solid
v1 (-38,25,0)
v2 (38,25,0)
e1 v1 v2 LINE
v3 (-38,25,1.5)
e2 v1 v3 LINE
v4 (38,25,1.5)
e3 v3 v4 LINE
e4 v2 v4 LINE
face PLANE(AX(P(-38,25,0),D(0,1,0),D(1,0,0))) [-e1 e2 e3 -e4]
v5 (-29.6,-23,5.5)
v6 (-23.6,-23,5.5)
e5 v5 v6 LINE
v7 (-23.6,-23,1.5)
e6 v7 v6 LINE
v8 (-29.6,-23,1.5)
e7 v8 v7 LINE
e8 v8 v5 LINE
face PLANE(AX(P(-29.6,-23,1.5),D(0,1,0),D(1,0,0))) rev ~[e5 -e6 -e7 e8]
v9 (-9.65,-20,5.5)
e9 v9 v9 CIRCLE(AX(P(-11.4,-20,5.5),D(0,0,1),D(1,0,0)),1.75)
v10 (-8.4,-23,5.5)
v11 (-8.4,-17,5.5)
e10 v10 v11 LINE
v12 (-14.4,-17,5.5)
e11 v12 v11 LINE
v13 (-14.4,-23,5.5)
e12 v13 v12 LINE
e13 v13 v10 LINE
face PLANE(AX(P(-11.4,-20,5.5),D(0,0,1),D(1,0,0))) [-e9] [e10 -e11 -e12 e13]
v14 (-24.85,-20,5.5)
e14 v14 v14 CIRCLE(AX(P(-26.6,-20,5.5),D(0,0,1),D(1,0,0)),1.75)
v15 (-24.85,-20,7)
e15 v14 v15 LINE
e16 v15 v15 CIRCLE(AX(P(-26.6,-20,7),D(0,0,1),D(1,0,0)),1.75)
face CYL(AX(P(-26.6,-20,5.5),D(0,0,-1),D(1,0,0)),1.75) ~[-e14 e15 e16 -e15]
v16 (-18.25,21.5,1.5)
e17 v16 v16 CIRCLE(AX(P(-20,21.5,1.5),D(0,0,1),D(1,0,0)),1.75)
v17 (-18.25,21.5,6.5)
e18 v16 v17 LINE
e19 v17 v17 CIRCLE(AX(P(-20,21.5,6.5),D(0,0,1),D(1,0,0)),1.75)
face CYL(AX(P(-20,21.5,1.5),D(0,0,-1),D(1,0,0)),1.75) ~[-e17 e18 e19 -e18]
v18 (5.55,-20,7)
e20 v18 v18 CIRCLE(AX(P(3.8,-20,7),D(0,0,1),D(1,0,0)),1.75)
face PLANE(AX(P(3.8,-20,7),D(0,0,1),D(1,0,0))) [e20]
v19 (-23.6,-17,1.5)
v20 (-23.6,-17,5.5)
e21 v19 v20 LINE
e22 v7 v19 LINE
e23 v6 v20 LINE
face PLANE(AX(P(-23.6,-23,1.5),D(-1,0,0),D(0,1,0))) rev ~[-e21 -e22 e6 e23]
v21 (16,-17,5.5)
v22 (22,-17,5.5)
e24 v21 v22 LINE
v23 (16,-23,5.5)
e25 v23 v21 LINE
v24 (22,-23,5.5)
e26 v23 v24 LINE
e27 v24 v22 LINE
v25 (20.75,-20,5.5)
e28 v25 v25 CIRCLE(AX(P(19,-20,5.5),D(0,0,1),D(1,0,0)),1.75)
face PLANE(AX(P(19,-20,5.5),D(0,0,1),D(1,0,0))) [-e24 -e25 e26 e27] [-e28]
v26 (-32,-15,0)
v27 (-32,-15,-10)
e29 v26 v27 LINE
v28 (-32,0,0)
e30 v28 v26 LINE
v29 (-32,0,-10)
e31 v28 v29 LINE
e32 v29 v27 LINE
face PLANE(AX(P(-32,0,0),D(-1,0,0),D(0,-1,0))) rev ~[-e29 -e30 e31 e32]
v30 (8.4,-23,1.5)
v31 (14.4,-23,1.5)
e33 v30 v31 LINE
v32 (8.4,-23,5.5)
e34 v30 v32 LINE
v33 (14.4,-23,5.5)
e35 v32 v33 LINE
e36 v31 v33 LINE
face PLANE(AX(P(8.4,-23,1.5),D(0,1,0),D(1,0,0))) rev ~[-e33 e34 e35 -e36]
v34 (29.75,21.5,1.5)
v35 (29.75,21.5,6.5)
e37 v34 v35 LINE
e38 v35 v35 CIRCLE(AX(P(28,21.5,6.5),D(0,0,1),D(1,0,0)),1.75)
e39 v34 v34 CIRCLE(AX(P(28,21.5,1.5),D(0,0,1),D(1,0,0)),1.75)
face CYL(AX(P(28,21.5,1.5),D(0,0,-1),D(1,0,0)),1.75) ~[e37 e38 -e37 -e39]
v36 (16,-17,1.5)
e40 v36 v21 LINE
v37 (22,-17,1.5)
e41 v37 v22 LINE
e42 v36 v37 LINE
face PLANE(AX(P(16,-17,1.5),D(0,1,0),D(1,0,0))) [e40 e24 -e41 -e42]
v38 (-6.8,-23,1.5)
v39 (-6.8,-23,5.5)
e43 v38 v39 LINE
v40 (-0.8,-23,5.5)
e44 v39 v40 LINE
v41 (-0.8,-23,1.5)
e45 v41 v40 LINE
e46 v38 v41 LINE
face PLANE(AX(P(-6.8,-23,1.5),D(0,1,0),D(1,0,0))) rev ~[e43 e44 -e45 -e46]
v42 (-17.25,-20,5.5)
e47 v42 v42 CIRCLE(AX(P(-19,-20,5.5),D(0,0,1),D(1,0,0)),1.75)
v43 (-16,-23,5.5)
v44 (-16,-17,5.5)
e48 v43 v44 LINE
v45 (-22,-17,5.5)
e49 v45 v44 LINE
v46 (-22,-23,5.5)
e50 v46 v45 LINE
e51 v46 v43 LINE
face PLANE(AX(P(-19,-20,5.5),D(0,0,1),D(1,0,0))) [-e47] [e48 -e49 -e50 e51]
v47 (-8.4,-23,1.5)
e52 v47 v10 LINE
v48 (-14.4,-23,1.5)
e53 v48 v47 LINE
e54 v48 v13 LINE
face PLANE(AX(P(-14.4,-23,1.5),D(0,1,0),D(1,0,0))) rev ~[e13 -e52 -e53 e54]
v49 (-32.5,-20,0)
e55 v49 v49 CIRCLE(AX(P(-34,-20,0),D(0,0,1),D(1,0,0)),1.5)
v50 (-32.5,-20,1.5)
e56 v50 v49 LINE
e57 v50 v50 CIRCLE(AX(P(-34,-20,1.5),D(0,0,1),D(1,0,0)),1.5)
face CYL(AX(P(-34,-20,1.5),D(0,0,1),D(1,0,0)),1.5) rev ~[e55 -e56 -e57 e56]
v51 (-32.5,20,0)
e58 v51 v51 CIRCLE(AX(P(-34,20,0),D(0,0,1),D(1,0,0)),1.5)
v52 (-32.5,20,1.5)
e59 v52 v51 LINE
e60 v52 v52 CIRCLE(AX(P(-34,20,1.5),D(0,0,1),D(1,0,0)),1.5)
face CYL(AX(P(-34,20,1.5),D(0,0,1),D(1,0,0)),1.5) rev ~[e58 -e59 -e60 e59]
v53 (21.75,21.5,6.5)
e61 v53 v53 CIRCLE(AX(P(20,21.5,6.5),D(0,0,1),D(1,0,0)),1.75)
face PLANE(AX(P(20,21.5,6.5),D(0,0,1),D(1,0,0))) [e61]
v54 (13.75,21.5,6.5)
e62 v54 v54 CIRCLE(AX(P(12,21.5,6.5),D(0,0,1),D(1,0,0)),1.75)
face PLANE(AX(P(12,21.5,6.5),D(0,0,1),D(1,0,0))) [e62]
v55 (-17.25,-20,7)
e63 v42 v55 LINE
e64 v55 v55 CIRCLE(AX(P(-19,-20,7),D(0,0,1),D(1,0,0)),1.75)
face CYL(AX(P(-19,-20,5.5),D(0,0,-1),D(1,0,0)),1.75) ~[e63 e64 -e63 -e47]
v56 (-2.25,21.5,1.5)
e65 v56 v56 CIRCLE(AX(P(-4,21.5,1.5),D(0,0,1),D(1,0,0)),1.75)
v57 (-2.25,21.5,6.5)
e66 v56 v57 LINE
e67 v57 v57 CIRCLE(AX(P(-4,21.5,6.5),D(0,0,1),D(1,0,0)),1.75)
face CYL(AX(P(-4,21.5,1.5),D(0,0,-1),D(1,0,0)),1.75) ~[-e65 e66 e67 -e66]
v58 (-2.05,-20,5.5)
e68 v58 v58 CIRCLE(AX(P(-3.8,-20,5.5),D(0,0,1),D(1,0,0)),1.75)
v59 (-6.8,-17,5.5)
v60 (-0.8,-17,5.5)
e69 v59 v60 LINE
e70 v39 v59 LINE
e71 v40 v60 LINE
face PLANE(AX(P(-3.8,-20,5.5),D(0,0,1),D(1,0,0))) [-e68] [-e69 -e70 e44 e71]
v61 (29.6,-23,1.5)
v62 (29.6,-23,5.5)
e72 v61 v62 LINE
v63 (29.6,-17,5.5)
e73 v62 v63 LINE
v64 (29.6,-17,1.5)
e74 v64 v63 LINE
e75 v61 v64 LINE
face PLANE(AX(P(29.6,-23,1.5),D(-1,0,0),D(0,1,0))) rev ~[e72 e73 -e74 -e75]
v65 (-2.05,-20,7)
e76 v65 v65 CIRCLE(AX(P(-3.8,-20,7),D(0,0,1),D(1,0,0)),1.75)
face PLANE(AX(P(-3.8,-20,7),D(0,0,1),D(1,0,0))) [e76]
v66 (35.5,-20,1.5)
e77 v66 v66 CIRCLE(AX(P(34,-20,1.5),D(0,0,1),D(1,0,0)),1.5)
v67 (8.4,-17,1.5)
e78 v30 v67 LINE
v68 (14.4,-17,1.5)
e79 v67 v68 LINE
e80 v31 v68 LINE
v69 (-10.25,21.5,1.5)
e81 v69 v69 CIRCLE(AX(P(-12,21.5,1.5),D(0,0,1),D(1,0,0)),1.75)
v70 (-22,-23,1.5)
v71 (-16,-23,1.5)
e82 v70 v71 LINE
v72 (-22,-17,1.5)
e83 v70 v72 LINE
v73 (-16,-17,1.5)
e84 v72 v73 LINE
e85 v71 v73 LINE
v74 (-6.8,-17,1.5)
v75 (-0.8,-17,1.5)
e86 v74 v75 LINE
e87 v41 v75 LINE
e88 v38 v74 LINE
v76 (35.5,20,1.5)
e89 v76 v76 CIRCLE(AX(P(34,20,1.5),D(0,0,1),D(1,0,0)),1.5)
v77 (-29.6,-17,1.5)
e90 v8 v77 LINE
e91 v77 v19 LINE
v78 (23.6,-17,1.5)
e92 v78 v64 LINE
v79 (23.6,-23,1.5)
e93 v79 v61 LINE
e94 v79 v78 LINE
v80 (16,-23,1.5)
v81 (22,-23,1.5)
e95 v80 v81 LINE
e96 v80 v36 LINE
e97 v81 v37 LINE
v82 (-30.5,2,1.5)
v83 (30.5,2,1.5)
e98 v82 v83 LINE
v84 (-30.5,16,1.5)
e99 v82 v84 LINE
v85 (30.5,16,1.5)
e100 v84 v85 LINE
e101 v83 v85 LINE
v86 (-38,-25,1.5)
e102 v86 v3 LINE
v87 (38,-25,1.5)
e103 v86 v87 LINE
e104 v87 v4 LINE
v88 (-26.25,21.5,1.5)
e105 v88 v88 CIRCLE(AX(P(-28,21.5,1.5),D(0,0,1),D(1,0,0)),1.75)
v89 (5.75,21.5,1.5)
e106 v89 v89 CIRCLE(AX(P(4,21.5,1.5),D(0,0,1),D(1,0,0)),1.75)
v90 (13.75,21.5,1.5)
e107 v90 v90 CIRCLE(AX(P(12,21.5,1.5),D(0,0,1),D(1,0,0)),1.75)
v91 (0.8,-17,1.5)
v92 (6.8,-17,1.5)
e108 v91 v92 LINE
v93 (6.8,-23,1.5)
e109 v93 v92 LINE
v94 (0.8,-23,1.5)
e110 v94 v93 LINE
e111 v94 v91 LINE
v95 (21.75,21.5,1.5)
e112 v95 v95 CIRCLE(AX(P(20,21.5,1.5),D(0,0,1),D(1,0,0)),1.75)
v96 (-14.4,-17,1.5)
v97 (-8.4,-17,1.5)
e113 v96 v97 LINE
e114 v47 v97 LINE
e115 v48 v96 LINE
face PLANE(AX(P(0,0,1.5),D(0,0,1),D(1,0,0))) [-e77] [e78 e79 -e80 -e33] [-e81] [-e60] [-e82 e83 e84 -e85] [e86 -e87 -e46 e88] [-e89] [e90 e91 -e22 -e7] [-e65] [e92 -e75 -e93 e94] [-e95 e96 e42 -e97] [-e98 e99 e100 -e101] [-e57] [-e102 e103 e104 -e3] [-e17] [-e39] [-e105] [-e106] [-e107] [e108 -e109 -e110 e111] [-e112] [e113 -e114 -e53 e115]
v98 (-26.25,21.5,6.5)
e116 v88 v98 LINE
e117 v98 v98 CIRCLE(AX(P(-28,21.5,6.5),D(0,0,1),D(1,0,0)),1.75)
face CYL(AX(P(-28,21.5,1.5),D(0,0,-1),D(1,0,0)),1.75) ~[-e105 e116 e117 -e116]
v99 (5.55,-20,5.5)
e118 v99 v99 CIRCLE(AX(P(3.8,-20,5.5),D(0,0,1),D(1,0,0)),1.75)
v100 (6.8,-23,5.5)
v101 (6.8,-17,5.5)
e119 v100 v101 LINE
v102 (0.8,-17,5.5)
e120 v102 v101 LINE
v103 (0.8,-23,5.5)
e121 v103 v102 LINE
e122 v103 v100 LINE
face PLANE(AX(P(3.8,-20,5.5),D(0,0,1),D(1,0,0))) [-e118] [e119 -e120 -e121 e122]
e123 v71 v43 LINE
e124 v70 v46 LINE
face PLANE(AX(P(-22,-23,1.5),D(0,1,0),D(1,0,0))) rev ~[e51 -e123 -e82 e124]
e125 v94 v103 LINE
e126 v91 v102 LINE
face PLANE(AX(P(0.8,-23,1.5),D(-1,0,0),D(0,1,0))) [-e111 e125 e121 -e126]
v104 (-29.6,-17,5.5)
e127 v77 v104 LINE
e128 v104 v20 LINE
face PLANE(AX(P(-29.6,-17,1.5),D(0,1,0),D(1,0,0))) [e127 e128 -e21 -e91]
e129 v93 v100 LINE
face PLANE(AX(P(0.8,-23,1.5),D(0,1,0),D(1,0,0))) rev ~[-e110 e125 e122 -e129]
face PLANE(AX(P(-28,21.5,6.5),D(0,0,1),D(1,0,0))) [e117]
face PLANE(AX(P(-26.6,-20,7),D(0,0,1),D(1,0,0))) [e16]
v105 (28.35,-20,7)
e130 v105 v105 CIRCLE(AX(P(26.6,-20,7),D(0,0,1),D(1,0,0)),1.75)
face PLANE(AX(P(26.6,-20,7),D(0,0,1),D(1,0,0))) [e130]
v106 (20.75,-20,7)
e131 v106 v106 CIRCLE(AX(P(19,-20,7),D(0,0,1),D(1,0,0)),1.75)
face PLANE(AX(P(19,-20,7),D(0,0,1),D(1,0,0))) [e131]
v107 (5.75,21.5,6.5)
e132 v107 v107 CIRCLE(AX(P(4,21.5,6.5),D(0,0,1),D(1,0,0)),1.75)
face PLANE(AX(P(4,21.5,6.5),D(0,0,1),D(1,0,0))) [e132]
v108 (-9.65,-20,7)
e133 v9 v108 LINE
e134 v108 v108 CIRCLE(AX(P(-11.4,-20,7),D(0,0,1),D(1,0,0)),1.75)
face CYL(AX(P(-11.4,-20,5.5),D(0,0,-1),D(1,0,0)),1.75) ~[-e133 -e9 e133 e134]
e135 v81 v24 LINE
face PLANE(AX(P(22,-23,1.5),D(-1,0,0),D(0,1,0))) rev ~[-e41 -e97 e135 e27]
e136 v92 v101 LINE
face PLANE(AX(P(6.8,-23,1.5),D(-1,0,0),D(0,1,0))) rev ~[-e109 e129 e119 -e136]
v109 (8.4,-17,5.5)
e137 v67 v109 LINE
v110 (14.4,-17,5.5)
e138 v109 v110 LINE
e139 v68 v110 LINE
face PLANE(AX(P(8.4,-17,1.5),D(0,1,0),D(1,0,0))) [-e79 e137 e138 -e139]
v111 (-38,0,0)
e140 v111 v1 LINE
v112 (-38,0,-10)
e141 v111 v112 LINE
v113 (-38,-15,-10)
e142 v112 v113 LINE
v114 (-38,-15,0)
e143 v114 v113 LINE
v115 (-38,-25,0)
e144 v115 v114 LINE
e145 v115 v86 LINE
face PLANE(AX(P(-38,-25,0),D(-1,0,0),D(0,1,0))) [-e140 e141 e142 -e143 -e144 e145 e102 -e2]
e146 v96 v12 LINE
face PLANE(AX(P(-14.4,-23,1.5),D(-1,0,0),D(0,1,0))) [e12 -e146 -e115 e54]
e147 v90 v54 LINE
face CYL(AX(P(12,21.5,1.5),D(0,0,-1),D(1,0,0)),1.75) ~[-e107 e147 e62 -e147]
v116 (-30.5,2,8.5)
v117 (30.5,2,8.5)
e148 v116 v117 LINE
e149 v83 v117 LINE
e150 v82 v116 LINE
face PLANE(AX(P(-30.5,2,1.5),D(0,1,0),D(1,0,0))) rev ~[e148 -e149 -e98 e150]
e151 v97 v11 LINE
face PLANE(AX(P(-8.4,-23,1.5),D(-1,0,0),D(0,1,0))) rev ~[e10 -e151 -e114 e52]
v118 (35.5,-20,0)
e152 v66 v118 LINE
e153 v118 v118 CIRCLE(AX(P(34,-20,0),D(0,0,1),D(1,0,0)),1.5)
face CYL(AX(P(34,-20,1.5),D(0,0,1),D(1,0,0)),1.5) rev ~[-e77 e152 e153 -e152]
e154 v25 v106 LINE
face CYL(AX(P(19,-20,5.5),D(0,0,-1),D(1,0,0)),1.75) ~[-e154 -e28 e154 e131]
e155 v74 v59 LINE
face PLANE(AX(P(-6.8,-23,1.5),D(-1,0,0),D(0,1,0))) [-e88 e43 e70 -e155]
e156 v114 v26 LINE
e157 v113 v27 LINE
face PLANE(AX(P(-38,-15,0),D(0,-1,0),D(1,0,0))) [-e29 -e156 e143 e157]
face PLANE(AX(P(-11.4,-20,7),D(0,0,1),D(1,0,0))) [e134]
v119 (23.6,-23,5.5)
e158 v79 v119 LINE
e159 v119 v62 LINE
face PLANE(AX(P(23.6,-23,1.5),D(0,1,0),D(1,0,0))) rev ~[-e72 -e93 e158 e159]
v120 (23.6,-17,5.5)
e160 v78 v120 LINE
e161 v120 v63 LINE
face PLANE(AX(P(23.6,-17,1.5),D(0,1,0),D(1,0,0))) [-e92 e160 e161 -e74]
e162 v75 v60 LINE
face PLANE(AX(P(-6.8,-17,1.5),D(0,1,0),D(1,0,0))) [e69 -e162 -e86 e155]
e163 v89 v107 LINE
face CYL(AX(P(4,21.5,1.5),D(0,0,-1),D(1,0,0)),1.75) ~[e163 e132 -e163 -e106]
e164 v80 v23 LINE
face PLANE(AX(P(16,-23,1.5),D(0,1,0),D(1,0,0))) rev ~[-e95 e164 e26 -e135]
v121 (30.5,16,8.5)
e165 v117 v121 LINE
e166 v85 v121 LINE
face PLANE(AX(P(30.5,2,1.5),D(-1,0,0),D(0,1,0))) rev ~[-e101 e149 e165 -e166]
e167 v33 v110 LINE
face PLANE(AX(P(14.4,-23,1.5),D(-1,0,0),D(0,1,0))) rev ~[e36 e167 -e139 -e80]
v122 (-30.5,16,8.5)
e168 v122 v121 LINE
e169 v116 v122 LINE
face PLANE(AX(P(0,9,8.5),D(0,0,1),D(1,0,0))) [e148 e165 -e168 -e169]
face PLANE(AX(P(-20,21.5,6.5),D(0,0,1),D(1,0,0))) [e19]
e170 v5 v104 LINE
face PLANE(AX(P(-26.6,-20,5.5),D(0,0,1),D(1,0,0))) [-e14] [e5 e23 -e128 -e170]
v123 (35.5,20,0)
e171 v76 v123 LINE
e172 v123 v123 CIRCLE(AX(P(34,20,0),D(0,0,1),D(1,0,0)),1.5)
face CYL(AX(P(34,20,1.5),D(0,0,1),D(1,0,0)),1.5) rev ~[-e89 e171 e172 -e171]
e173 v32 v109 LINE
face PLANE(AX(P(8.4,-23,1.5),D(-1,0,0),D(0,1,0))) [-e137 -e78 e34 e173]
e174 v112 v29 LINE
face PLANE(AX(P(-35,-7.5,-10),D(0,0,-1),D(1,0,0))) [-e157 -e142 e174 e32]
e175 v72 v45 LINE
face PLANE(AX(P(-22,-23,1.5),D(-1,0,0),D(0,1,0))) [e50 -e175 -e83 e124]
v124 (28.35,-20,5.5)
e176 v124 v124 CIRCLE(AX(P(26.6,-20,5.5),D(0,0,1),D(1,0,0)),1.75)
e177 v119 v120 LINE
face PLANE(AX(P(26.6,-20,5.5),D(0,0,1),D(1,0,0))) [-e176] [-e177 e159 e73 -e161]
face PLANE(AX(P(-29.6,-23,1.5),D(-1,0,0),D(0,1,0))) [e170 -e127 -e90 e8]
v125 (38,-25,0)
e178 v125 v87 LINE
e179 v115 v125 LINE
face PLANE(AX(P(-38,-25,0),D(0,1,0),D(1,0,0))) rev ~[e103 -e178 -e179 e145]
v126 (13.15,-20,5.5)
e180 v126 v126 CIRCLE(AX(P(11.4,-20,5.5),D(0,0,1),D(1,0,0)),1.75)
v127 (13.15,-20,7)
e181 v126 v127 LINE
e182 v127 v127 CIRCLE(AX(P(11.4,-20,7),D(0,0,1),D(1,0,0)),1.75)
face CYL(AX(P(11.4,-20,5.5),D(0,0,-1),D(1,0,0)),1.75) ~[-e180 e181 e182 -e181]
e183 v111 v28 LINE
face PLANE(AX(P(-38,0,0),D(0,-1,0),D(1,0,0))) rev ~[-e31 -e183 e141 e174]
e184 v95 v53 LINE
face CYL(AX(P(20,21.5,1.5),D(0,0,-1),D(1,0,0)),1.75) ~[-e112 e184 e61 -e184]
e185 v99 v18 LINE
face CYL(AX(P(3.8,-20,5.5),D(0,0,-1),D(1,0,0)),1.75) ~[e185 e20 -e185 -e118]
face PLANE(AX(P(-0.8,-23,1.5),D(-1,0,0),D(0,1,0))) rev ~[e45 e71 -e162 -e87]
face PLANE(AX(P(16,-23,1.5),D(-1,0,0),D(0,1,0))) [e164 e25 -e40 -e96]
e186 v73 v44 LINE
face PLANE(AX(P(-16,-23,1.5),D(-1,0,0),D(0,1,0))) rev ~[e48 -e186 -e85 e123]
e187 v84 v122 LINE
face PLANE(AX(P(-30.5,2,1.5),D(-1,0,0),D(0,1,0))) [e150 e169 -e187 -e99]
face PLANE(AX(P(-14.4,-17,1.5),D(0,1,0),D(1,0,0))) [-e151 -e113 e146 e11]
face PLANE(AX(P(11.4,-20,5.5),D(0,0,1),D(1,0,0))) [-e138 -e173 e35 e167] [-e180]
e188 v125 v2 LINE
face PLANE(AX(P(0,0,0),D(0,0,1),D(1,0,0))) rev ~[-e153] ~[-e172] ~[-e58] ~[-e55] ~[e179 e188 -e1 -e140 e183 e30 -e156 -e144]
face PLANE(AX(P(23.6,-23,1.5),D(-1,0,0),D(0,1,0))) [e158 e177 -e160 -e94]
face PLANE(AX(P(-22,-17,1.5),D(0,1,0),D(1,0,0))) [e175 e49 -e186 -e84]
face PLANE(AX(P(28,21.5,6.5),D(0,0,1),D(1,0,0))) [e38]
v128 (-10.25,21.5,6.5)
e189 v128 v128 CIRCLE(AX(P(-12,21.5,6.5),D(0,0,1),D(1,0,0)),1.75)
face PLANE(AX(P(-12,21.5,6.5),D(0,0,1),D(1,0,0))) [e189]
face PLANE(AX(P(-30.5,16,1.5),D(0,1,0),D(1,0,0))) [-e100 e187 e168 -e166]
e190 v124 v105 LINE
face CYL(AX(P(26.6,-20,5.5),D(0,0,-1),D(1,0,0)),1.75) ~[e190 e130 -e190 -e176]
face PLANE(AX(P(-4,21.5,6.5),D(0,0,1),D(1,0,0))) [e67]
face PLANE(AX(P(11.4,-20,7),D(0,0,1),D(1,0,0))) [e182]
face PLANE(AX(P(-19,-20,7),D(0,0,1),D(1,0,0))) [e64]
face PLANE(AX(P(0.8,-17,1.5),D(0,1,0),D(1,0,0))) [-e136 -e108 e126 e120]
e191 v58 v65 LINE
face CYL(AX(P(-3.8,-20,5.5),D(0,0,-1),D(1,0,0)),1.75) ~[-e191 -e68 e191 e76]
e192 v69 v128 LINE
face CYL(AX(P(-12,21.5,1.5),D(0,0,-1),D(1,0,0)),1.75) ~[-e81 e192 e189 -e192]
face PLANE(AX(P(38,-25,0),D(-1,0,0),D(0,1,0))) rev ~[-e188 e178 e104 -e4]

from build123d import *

# Parameters (mm, degrees)
SKETCH_W     = 76
SKETCH_H     = 50
PAD_DEPTH    = 1.5
SKETCH001_R  = 1.5
POCKET_DEPTH = 1.501
SKETCH002_R  = 1.75
PAD001_DEPTH = 5
SKETCH003_W  = 61
SKETCH003_H  = 14
PAD002_DEPTH = 7
SKETCH004_W  = 6
SKETCH004_H  = 15
PAD003_DEPTH = 10
SKETCH005_W  = 6
SKETCH005_H  = 6
PAD004_DEPTH = 4
SKETCH006_R  = 1.75
PAD005_DEPTH = 1.5


with BuildPart() as part:
    # Sketch → Pad (new body)
    with BuildSketch(Plane.XY):
        Rectangle(SKETCH_W, SKETCH_H)
    extrude(amount=PAD_DEPTH)

    # Sketch001 (on Face6 of Pad) → Pocket (cut, through all)
    with BuildSketch(Plane.XY.offset(1.5)):
        with Locations((-34, 20)):
            Circle(SKETCH001_R)
        with Locations((34, 20)):
            Circle(SKETCH001_R)
        with Locations((-34, -20)):
            Circle(SKETCH001_R)
        with Locations((34, -20)):
            Circle(SKETCH001_R)
    extrude(amount=-POCKET_DEPTH, mode=Mode.SUBTRACT)

    # Sketch002 (on Face5 of Pocket) → Pad001 (join)
    with BuildSketch(Plane.XY.offset(1.5)):
        with Locations((-28, 21.5)):
            Circle(SKETCH002_R)
        with Locations((-20, 21.5)):
            Circle(SKETCH002_R)
        with Locations((-12, 21.5)):
            Circle(SKETCH002_R)
        with Locations((-4, 21.5)):
            Circle(SKETCH002_R)
        with Locations((4, 21.5)):
            Circle(SKETCH002_R)
        with Locations((12, 21.5)):
            Circle(SKETCH002_R)
        with Locations((20, 21.5)):
            Circle(SKETCH002_R)
        with Locations((28, 21.5)):
            Circle(SKETCH002_R)
    extrude(amount=PAD001_DEPTH)

    # Sketch003 (on Face5 of Pad001) → Pad002 (join)
    with BuildSketch(Plane.XY.offset(1.5)):
        with Locations((0, 9)):
            Rectangle(SKETCH003_W, SKETCH003_H)
    extrude(amount=PAD002_DEPTH)

    # Sketch004 (on Face4 of Pad002) → Pad003 (join)
    with BuildSketch(Plane(origin=(0, 0, 0), x_dir=(1, 0, 0), z_dir=(0, 0, -1))):
        with Locations((-35, 7.5)):
            Rectangle(SKETCH004_W, SKETCH004_H)
    extrude(amount=PAD003_DEPTH)

    # Sketch005 (on Face5 of Pad003) → Pad004 (join)
    with BuildSketch(Plane.XY.offset(1.5)):
        with Locations((-26.6, -20)):
            Rectangle(SKETCH005_W, SKETCH005_H)
        with Locations((-19, -20)):
            Rectangle(SKETCH005_W, SKETCH005_H)
        with Locations((-11.4, -20)):
            Rectangle(SKETCH005_W, SKETCH005_H)
        with Locations((-3.8, -20)):
            Rectangle(SKETCH005_W, SKETCH005_H)
        with Locations((3.8, -20)):
            Rectangle(SKETCH005_W, SKETCH005_H)
        with Locations((11.4, -20)):
            Rectangle(SKETCH005_W, SKETCH005_H)
        with Locations((19, -20)):
            Rectangle(SKETCH005_W, SKETCH005_H)
        with Locations((26.6, -20)):
            Rectangle(SKETCH005_W, SKETCH005_H)
    extrude(amount=PAD004_DEPTH)

    # Sketch006 (on Face67 of Pad004) → Pad005 (join)
    with BuildSketch(Plane.XY.offset(5.5)):
        with Locations((-26.6, -20)):
            Circle(SKETCH006_R)
        with Locations((-19, -20)):
            Circle(SKETCH006_R)
        with Locations((-11.4, -20)):
            Circle(SKETCH006_R)
        with Locations((-3.8, -20)):
            Circle(SKETCH006_R)
        with Locations((3.8, -20)):
            Circle(SKETCH006_R)
        with Locations((11.4, -20)):
            Circle(SKETCH006_R)
        with Locations((19, -20)):
            Circle(SKETCH006_R)
        with Locations((26.6, -20)):
            Circle(SKETCH006_R)
    extrude(amount=PAD005_DEPTH)


solid = part.part
